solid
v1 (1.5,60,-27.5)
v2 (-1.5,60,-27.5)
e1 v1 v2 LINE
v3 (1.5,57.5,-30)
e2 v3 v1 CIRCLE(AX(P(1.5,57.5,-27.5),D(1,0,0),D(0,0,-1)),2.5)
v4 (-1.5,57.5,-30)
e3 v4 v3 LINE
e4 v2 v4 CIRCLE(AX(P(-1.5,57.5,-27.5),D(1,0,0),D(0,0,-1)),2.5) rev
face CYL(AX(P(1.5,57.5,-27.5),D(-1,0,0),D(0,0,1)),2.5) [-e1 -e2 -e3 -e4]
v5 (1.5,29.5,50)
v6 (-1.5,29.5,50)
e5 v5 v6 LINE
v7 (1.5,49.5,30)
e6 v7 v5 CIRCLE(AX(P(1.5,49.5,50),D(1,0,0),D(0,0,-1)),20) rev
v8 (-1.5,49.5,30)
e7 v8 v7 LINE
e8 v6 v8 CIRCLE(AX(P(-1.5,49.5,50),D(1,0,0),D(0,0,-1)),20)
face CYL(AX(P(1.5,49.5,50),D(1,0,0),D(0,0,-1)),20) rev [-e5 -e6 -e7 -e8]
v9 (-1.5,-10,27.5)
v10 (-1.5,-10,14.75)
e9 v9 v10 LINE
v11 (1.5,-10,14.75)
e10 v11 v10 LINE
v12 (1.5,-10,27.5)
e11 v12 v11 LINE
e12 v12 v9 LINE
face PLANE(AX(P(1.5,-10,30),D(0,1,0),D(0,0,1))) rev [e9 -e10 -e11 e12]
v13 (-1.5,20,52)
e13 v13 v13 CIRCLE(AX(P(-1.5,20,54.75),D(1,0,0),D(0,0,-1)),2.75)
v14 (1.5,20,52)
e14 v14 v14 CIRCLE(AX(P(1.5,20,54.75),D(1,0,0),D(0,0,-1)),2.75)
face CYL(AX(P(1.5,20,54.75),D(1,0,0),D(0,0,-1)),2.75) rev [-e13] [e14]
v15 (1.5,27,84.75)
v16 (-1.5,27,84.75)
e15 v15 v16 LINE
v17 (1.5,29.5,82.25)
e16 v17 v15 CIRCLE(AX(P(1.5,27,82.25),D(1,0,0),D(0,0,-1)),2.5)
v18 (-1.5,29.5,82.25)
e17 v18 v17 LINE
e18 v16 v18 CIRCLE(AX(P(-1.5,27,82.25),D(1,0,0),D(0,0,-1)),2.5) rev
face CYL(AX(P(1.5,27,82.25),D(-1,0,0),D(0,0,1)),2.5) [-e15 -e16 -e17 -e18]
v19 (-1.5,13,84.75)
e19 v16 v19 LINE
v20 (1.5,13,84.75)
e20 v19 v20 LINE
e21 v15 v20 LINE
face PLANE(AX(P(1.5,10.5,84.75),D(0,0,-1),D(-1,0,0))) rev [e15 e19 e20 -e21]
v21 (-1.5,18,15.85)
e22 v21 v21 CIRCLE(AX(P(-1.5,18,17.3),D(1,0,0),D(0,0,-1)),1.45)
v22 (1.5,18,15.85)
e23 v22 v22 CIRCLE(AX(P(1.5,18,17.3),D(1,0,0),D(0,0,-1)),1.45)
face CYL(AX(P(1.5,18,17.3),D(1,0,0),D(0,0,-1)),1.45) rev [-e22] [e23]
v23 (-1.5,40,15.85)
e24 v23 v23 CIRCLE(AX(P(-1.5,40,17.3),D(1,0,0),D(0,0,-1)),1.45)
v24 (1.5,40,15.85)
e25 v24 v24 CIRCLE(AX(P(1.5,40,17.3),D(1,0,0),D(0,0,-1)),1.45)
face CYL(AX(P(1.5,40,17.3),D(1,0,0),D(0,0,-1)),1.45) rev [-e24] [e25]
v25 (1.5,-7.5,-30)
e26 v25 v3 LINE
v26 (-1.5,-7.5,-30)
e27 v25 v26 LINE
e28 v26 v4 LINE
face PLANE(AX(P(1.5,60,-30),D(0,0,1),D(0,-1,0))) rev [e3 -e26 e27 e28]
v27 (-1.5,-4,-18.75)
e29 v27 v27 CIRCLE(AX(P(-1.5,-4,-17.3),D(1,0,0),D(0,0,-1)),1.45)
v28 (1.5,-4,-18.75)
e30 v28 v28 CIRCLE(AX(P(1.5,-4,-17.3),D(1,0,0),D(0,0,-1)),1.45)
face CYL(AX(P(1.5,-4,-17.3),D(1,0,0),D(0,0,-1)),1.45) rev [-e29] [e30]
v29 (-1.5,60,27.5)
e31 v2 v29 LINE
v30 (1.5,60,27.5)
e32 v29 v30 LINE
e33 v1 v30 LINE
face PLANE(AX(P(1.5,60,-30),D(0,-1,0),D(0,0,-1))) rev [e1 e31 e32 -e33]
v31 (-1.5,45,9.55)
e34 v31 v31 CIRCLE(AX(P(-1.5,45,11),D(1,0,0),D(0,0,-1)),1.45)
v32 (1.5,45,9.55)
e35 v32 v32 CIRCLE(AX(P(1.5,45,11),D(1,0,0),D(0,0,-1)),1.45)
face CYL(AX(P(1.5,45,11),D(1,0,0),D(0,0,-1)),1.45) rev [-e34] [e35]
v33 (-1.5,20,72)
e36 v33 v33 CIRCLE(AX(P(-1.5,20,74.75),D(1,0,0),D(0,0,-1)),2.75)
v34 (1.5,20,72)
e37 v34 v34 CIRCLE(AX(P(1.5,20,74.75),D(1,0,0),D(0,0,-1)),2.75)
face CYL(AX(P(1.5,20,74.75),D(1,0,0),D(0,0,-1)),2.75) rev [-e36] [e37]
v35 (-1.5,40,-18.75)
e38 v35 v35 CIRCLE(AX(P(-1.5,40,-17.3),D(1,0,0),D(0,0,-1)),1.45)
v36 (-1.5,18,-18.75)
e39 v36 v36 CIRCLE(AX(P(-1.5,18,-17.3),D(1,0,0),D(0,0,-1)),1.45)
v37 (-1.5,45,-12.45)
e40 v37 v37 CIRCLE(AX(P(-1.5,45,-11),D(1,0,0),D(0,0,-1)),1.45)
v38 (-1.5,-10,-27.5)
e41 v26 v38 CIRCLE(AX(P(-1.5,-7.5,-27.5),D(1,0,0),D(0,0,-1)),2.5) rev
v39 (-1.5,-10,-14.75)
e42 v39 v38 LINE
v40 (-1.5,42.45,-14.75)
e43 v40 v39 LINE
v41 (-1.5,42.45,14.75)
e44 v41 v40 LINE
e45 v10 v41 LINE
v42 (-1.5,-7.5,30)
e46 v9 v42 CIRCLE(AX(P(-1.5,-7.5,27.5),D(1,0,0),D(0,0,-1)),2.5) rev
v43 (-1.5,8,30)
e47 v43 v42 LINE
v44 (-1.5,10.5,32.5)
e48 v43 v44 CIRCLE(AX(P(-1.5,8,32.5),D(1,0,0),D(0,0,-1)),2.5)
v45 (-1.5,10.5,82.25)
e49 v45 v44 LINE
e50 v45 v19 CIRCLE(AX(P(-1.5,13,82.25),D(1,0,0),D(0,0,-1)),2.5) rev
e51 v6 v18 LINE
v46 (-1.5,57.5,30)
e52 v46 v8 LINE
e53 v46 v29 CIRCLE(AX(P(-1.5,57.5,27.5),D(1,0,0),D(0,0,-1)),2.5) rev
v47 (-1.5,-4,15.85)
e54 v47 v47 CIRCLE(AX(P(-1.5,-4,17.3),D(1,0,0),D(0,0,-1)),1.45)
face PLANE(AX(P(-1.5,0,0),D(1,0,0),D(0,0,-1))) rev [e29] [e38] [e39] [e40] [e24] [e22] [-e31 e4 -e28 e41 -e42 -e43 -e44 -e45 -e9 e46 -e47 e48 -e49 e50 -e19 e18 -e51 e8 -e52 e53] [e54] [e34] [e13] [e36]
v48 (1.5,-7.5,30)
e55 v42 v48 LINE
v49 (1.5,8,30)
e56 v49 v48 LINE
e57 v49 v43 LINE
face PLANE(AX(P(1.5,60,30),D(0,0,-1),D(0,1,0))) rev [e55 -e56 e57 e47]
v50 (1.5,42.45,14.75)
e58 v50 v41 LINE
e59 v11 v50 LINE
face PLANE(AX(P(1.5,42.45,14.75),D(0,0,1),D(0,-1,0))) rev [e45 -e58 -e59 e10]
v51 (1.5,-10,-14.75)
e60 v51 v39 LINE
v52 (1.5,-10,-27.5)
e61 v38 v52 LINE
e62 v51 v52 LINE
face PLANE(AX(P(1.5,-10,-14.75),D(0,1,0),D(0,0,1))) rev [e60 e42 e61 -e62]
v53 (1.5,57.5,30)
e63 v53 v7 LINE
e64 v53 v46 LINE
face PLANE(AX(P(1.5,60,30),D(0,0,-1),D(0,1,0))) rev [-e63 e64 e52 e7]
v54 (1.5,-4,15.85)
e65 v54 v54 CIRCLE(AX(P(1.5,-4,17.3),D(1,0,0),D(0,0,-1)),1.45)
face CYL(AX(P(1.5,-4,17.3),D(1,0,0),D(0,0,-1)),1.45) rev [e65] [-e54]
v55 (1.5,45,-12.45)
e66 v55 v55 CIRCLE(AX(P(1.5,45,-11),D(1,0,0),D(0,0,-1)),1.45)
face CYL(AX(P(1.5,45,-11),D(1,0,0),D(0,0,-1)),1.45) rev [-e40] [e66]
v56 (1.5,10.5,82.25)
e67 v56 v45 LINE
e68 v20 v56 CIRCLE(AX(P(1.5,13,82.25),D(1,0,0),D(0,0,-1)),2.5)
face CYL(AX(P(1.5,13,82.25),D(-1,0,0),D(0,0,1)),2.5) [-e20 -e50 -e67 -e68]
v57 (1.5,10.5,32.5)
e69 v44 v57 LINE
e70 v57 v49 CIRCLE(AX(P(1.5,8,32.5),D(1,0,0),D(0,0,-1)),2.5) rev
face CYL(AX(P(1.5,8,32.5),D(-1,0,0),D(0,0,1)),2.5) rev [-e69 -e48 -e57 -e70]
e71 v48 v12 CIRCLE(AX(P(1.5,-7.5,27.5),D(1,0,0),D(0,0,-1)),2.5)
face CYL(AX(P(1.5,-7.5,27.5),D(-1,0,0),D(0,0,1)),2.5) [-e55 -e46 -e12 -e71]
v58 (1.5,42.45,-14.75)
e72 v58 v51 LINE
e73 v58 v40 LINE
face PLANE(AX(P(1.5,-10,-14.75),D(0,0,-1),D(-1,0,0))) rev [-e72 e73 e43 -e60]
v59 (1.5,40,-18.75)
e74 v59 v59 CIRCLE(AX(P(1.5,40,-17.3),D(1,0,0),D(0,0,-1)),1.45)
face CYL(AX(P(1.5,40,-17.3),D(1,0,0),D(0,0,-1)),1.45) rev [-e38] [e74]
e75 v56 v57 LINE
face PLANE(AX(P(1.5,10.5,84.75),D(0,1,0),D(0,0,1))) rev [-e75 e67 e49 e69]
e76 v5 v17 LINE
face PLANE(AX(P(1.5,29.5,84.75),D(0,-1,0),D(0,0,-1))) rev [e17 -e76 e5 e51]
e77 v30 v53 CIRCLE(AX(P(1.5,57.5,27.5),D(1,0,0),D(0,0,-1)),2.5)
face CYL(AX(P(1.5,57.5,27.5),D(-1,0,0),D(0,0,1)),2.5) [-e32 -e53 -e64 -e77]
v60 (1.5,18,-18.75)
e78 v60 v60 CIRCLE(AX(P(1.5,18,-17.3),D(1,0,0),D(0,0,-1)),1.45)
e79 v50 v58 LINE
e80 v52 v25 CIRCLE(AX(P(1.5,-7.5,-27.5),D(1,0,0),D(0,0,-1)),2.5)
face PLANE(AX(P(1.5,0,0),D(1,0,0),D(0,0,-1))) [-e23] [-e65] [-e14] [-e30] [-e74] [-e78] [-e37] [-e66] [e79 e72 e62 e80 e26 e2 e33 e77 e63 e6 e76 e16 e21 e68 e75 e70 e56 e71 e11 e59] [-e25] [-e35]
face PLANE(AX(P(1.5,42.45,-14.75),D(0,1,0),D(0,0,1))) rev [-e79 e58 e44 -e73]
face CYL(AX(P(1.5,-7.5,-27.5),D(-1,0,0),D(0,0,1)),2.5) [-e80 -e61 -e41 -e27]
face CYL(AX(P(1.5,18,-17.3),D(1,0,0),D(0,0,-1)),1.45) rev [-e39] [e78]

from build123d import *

# Parameters (mm, degrees)
BOSS_EXTRUDE2_DEPTH        = 1.5
SKETCH11_W                 = 70
SKETCH11_H                 = 19
BOSS_EXTRUDE3_DEPTH        = 1.5
M5_CLEARANCE_HOLE1_D       = 5.5
FILLET1_R                  = 2.5
FILLET2_R                  = 2.5
M2_5_CLEARANCE_HOLE1_D     = 2.9
M2_5_CLEARANCE_HOLE1_DEPTH = 3
FILLET3_R                  = 20


with BuildPart() as part:
    # Sketch8 → Boss-Extrude2 (new, symmetric)
    with BuildSketch(Plane(origin=(0, 0, 0), x_dir=(0, 0, -1), z_dir=(1, 0, 0))):
        Polygon((30, 60), (-30, 60), (-30, -10), (-14.75, -10), (-14.75, 42.45), (14.75, 42.45), (14.75, -10), (30, -10), align=None)
    extrude(amount=BOSS_EXTRUDE2_DEPTH, both=True)

    # Sketch11 → Boss-Extrude3 (add, symmetric)
    with BuildSketch(Plane(origin=(0, 0, 0), x_dir=(0, 0, -1), z_dir=(1, 0, 0))):
        with Locations((-49.75, 20)):
            Rectangle(SKETCH11_W, SKETCH11_H)
    extrude(amount=BOSS_EXTRUDE3_DEPTH, both=True)

    # M5 Clearance Hole1 (through all)
    with Locations(Plane(origin=(1.5, 0, 0), x_dir=(0, 0, -1), z_dir=(1, 0, 0))):
        with Locations((-74.75, 20), (-54.75, 20)):
            Hole(M5_CLEARANCE_HOLE1_D / 2)

    # Fillet1
    fillet1_edges = [part.edges().sort_by_distance(p)[0] for p in [
        (0, 10.5, 84.75),
        (0, 29.5, 84.75),
    ]]
    fillet(fillet1_edges, radius=FILLET1_R)

    # Fillet2
    fillet2_edges = [part.edges().sort_by_distance(p)[0] for p in [
        (0, -10, -30),
        (0, -10, 30),
        (0, 60, 30),
        (0, 60, -30),
        (0, 10.5, 30),
    ]]
    fillet(fillet2_edges, radius=FILLET2_R)

    # M2.5 Clearance Hole1
    with Locations(Plane(origin=(1.5, 0, 0), x_dir=(0, 0, -1), z_dir=(1, 0, 0))):
        with Locations((17.3, 40), (79.72833177, 74.743551237), (17.3, 18), (17.3, -4), (-17.3, -4), (-17.3, 18), (-17.3, 40), (-11, 45), (11, 45)):
            Hole(M2_5_CLEARANCE_HOLE1_D / 2, depth=M2_5_CLEARANCE_HOLE1_DEPTH)

    # Fillet3
    fillet3_edges = [part.edges().sort_by_distance(p)[0] for p in [
        (0, 29.5, 30),
    ]]
    fillet(fillet3_edges, radius=FILLET3_R)


solid = part.part
